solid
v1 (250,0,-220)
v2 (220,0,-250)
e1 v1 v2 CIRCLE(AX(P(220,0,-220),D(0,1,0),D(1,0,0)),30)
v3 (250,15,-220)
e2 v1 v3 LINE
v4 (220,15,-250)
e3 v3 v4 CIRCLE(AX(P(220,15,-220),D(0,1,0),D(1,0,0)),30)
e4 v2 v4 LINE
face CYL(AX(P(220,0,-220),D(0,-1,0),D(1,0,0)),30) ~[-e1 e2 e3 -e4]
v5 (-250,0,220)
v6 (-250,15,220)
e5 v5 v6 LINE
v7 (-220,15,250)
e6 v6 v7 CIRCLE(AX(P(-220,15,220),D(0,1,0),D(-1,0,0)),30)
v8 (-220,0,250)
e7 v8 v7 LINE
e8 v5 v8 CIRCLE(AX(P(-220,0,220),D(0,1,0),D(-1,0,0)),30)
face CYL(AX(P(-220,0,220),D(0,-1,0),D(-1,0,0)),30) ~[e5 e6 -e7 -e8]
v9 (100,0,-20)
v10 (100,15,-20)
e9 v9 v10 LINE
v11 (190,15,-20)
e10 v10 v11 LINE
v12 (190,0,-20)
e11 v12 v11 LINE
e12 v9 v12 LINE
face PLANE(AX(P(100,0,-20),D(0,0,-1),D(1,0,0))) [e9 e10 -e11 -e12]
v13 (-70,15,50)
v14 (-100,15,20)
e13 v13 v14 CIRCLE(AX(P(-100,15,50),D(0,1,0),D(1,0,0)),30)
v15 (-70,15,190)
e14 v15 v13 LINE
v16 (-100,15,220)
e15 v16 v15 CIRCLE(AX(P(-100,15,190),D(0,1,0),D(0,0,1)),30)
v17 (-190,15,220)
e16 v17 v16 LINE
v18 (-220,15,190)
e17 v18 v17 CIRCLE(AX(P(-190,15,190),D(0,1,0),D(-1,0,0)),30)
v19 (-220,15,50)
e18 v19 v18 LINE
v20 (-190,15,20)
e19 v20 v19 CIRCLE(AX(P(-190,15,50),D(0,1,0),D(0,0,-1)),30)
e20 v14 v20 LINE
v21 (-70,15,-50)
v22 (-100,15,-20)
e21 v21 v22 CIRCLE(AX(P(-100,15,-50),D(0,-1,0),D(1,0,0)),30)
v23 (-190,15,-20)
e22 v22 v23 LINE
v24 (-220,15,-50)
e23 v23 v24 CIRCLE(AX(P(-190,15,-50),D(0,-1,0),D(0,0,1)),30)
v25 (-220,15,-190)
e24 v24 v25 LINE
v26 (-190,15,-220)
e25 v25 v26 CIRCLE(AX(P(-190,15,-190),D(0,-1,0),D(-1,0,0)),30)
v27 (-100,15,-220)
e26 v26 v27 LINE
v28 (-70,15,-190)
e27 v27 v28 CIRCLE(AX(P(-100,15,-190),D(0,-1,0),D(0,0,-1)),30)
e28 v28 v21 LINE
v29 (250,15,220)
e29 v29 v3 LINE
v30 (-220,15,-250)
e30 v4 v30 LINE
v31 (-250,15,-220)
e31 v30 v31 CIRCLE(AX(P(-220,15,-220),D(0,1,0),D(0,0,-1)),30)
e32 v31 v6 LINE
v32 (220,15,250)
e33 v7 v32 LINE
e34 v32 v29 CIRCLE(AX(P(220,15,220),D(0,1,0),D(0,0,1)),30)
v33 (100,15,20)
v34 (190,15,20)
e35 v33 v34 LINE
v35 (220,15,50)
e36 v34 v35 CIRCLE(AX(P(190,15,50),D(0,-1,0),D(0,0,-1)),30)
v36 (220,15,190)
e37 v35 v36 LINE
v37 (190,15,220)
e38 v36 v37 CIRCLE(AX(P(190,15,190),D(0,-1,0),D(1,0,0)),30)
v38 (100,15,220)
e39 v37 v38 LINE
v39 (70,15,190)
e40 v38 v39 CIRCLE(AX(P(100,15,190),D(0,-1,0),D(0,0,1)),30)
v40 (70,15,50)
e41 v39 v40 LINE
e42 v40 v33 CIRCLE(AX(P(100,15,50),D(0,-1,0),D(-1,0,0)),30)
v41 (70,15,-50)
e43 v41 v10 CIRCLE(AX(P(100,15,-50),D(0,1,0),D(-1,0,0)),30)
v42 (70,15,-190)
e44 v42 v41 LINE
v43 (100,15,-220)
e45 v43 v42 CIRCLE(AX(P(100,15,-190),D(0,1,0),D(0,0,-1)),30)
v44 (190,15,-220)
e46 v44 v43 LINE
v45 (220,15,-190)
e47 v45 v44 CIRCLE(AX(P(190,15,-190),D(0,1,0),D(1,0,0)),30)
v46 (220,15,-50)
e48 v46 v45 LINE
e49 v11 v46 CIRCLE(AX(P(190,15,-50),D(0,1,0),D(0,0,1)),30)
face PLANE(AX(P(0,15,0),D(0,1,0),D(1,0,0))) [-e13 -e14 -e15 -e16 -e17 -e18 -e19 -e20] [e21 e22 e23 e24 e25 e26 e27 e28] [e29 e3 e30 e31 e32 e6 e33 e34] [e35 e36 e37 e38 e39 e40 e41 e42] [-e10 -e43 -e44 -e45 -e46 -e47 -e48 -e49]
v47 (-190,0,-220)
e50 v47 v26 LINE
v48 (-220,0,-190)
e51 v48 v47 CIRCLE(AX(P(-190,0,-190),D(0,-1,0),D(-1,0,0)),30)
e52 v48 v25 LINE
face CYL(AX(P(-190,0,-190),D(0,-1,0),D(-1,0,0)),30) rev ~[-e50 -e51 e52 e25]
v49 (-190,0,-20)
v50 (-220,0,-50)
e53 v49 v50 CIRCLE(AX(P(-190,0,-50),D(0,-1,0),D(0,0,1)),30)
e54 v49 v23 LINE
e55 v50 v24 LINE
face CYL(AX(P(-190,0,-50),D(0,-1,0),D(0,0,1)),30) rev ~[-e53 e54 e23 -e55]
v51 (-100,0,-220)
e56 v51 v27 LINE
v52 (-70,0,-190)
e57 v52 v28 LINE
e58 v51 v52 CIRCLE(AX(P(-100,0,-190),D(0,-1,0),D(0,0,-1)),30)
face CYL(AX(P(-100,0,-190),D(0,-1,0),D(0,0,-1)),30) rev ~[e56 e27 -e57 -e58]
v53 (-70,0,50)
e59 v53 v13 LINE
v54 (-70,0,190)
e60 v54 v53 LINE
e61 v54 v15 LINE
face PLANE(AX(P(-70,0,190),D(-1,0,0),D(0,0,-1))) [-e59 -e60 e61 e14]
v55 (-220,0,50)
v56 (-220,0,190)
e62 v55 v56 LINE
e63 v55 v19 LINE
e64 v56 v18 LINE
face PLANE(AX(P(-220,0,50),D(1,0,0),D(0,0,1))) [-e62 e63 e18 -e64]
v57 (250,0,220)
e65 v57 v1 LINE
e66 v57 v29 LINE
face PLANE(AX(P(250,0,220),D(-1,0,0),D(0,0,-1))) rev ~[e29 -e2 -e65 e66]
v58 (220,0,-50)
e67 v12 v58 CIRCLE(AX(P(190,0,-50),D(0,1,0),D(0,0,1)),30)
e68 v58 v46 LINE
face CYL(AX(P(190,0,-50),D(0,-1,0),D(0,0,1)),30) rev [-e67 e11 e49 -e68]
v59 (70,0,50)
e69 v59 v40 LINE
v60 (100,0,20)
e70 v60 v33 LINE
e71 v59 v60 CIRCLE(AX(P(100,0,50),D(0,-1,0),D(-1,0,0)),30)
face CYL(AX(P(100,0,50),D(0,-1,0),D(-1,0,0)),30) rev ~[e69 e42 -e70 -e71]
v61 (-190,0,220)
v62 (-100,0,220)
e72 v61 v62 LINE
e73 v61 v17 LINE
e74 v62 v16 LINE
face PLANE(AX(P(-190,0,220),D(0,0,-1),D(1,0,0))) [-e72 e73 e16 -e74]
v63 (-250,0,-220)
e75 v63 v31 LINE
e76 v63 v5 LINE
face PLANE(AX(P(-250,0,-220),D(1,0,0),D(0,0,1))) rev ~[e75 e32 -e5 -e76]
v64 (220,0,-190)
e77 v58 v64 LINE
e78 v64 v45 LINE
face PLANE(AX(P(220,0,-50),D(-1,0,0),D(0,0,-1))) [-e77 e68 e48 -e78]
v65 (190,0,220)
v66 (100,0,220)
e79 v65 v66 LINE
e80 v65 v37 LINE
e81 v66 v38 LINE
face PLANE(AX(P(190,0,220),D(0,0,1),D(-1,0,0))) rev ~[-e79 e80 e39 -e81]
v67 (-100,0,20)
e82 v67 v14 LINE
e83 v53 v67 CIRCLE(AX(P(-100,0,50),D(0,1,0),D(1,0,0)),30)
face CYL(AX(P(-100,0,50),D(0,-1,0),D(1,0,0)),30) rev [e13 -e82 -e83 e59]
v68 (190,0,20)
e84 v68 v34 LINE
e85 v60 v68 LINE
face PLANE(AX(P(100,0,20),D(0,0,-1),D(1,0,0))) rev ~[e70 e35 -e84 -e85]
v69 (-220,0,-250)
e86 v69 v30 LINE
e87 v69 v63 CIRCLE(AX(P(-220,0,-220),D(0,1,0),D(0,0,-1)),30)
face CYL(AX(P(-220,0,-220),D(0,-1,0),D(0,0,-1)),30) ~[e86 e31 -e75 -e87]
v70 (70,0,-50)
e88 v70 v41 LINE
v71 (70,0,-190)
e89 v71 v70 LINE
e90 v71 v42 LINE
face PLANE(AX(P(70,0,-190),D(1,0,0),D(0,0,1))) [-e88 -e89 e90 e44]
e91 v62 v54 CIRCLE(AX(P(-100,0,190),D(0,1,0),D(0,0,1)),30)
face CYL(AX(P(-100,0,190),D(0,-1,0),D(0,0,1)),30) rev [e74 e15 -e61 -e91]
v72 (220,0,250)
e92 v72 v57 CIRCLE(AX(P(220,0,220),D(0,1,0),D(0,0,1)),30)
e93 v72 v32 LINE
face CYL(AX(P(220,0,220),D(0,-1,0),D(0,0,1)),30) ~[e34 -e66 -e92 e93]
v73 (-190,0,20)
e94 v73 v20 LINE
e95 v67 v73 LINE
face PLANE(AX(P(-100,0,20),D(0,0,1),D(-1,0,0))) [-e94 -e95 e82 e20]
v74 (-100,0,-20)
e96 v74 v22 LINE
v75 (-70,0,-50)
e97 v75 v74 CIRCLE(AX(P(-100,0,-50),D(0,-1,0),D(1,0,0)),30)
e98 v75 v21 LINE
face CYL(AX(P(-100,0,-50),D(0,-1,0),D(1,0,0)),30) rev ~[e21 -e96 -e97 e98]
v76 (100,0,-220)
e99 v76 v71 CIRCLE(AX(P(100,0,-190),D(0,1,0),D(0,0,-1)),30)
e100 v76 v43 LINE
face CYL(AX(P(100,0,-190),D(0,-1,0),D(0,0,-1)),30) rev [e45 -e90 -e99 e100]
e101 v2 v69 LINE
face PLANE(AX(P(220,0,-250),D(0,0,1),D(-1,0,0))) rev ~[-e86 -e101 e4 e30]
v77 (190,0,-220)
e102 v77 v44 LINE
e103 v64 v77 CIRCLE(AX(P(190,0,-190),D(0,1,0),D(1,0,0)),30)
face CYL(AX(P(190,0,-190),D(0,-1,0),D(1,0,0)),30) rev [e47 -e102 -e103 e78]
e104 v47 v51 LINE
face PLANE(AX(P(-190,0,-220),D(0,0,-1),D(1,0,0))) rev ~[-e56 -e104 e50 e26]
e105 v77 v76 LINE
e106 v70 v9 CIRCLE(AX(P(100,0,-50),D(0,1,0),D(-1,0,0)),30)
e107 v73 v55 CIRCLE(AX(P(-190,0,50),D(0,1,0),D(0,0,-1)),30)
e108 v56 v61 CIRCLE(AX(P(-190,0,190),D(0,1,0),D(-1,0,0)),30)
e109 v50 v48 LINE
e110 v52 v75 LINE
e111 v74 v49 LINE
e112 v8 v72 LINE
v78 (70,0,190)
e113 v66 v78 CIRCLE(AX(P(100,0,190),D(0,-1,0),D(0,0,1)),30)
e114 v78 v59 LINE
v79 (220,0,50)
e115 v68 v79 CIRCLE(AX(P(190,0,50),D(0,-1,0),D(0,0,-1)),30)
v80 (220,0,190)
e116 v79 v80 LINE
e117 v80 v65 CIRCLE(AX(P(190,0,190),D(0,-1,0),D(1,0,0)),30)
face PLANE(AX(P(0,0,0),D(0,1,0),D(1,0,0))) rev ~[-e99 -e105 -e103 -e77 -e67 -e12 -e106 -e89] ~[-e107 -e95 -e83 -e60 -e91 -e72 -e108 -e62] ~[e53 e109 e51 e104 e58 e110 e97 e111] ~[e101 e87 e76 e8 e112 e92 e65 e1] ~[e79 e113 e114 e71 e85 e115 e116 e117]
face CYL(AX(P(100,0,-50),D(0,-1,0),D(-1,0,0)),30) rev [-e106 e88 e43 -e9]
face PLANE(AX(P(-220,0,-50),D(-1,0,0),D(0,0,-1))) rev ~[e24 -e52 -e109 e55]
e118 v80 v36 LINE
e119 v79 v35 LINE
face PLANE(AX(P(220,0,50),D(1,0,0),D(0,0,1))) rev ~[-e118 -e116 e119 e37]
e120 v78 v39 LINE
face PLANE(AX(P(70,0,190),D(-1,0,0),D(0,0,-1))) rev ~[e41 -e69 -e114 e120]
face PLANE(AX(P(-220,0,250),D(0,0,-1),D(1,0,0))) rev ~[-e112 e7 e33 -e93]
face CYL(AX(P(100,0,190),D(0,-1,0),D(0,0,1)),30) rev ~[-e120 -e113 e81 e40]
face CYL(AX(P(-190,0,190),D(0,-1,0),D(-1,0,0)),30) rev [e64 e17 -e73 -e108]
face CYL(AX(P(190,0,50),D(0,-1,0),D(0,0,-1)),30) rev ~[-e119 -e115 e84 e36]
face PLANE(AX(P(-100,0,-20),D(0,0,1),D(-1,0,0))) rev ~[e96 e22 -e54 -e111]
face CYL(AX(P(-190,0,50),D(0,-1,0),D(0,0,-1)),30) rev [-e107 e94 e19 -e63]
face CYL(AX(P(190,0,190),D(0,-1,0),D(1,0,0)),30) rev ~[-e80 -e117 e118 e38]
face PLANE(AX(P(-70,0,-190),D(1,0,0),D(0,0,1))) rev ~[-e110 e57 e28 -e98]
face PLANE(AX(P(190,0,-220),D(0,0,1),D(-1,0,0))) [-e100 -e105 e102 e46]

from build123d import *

# Parameters (mm, degrees)
EXTRUDE_1_DEPTH = 15


with BuildPart() as part:
    # 草图1 → 凸台-拉伸1 (new body)
    with BuildSketch(Plane(origin=(0, 0, 0), x_dir=(1, 0, 0), z_dir=(0, 1, 0))):
        with BuildLine():
            Line((220, 250), (-220, 250))
            ThreePointArc((-220, 250), (-241.213203436, 241.213203436), (-250, 220))
            Line((-250, 220), (-250, -220))
            ThreePointArc((-250, -220), (-241.213203436, -241.213203436), (-220, -250))
            Line((-220, -250), (220, -250))
            ThreePointArc((220, -250), (241.213203436, -241.213203436), (250, -220))
            Line((250, -220), (250, 220))
            ThreePointArc((250, 220), (241.213203436, 241.213203436), (220, 250))
        make_face()
        with BuildLine():
            Line((-100, 20), (-190, 20))
            ThreePointArc((-190, 20), (-211.213203436, 28.786796564), (-220, 50))
            Line((-220, 50), (-220, 190))
            ThreePointArc((-220, 190), (-211.213203436, 211.213203436), (-190, 220))
            Line((-190, 220), (-100, 220))
            ThreePointArc((-100, 220), (-78.786796564, 211.213203436), (-70, 190))
            Line((-70, 190), (-70, 50))
            ThreePointArc((-70, 50), (-78.786796564, 28.786796564), (-100, 20))
        make_face(mode=Mode.SUBTRACT)
        with BuildLine():
            Line((220, 50), (220, 190))
            ThreePointArc((220, 190), (211.213203436, 211.213203436), (190, 220))
            Line((190, 220), (100, 220))
            ThreePointArc((100, 220), (78.786796564, 211.213203436), (70, 190))
            Line((70, 190), (70, 50))
            ThreePointArc((70, 50), (78.786796564, 28.786796564), (100, 20))
            Line((100, 20), (190, 20))
            ThreePointArc((190, 20), (211.213203436, 28.786796564), (220, 50))
        make_face(mode=Mode.SUBTRACT)
        with BuildLine():
            Line((-220, -50), (-220, -190))
            ThreePointArc((-220, -190), (-211.213203436, -211.213203436), (-190, -220))
            Line((-190, -220), (-100, -220))
            ThreePointArc((-100, -220), (-78.786796564, -211.213203436), (-70, -190))
            Line((-70, -190), (-70, -50))
            ThreePointArc((-70, -50), (-78.786796564, -28.786796564), (-100, -20))
            Line((-100, -20), (-190, -20))
            ThreePointArc((-190, -20), (-211.213203436, -28.786796564), (-220, -50))
        make_face(mode=Mode.SUBTRACT)
        with BuildLine():
            Line((100, -20), (190, -20))
            ThreePointArc((190, -20), (211.213203436, -28.786796564), (220, -50))
            Line((220, -50), (220, -190))
            ThreePointArc((220, -190), (211.213203436, -211.213203436), (190, -220))
            Line((190, -220), (100, -220))
            ThreePointArc((100, -220), (78.786796564, -211.213203436), (70, -190))
            Line((70, -190), (70, -50))
            ThreePointArc((70, -50), (78.786796564, -28.786796564), (100, -20))
        make_face(mode=Mode.SUBTRACT)
    extrude(amount=EXTRUDE_1_DEPTH)


solid = part.part
